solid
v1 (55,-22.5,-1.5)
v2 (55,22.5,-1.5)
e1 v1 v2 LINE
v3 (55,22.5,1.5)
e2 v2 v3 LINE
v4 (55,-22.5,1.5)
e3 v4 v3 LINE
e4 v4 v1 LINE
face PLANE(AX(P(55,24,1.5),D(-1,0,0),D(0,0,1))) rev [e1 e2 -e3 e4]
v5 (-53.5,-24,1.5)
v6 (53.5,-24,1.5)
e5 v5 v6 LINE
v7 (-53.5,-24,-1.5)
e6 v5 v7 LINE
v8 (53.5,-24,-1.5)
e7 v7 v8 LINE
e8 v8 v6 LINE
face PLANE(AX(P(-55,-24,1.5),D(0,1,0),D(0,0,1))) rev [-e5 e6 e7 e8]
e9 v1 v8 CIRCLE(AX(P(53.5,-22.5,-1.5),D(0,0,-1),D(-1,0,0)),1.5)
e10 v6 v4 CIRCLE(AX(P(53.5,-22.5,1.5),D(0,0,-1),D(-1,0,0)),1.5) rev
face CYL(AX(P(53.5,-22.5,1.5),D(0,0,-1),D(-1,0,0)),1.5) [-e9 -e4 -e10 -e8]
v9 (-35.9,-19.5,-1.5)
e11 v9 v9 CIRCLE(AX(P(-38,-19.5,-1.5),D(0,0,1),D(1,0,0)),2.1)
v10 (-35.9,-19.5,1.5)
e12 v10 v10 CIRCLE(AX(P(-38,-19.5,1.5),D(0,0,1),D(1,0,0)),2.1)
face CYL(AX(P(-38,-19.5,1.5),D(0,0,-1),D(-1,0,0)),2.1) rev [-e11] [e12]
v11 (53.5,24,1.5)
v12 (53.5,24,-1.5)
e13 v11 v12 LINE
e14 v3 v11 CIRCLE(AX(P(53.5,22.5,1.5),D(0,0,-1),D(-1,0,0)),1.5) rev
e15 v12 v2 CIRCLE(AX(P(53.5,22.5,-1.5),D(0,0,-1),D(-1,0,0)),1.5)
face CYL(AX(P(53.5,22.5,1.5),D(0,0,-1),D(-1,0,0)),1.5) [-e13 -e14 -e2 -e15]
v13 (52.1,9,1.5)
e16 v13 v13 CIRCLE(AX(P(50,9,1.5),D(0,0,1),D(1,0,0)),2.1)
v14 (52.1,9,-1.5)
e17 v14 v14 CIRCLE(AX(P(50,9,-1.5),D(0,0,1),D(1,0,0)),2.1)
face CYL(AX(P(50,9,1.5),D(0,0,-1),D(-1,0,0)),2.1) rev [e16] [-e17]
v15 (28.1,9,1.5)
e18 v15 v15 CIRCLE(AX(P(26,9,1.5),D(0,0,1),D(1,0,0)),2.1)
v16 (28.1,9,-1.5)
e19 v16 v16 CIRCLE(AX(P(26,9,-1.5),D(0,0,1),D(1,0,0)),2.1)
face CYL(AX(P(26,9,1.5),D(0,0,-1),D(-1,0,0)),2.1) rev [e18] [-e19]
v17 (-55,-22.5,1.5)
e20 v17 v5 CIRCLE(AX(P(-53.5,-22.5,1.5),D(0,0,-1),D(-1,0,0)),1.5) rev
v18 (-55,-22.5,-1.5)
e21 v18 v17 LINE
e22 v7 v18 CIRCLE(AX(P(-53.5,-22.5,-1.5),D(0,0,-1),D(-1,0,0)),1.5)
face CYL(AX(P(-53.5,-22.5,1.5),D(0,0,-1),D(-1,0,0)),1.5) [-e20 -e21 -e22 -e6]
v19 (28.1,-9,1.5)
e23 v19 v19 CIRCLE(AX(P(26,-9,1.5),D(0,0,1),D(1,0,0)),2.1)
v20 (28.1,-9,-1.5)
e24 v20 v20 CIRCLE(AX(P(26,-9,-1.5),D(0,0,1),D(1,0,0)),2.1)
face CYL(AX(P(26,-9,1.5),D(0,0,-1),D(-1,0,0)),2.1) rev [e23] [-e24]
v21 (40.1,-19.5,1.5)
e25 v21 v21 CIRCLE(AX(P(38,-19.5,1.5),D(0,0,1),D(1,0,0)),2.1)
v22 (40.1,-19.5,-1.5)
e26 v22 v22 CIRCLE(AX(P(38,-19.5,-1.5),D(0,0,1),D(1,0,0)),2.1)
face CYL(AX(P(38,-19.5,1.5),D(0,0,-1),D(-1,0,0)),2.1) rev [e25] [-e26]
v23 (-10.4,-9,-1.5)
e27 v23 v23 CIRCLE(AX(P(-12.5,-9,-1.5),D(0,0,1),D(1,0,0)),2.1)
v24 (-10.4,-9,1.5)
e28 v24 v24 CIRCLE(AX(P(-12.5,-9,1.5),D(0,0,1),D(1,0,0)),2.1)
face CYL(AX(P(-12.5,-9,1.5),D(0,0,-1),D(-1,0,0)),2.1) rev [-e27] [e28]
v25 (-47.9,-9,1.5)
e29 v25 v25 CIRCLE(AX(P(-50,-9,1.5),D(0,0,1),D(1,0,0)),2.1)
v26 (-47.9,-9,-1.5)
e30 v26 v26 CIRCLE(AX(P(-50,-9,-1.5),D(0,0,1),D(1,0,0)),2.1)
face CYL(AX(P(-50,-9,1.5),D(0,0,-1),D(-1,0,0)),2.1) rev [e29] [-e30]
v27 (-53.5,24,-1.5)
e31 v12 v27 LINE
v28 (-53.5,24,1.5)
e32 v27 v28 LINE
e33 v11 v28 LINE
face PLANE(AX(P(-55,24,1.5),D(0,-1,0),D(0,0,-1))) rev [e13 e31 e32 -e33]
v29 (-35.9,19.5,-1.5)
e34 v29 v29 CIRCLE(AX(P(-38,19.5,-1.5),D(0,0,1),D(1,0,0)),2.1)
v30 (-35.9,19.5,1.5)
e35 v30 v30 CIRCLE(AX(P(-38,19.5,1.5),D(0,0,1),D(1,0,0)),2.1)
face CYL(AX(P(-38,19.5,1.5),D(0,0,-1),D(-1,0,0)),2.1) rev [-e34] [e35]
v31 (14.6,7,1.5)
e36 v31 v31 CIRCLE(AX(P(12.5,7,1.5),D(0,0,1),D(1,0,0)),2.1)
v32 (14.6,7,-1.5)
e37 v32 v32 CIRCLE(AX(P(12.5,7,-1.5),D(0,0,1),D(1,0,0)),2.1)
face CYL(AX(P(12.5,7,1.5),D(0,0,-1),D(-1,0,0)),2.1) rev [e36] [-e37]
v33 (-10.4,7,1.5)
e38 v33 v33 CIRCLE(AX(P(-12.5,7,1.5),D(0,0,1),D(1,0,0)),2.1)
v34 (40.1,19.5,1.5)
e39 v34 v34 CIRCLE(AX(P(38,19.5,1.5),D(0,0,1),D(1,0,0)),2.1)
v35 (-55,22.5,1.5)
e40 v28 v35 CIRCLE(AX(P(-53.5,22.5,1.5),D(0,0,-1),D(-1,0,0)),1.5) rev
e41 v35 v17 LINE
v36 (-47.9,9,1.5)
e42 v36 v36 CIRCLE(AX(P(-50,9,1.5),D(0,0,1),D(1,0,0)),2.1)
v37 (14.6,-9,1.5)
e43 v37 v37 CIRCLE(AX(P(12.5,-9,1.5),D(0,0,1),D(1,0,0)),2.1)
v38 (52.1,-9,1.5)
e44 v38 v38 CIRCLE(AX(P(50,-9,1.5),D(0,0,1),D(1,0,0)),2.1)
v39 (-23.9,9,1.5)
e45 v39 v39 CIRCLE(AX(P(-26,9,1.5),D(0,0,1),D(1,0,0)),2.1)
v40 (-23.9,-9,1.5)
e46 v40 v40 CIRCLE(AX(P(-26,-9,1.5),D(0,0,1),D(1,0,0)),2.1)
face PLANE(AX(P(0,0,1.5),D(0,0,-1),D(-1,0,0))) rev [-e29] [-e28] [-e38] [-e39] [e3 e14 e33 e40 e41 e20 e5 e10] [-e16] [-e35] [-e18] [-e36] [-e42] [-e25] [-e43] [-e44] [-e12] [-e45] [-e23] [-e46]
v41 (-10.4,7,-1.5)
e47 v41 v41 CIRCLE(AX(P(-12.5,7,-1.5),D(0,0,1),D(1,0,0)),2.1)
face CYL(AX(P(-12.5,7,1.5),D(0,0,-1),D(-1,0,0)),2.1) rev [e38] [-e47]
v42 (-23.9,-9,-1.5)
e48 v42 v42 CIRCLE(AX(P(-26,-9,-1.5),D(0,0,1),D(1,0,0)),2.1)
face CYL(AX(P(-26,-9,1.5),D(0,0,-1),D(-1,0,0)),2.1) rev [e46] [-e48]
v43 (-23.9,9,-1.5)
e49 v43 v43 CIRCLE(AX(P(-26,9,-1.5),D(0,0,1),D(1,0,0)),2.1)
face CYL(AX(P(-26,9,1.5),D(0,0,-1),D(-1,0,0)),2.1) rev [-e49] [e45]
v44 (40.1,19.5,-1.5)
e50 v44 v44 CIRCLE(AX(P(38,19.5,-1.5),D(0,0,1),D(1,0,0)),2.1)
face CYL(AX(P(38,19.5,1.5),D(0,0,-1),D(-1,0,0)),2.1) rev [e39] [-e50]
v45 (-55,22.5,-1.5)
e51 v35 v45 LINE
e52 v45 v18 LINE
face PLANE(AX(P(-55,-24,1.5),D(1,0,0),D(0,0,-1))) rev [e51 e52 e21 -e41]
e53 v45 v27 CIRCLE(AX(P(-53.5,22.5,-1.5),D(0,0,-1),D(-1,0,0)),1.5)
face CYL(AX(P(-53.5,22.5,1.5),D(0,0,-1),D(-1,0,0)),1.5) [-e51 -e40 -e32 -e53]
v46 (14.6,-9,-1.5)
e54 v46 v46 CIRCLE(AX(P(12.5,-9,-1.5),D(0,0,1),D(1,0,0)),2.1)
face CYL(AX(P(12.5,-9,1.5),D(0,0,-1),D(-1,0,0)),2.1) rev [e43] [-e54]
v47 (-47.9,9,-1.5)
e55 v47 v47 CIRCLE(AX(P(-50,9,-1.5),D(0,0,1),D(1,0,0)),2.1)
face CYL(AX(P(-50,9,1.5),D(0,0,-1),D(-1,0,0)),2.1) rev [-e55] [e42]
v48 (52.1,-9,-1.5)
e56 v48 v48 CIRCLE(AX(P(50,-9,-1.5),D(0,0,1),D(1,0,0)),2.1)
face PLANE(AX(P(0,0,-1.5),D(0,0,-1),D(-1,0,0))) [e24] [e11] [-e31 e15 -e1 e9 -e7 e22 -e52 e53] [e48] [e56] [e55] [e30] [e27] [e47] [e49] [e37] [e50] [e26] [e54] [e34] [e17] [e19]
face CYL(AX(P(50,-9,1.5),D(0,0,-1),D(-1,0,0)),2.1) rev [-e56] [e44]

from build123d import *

# Parameters (mm, degrees)
SKETCH1_W           = 110
SKETCH1_H           = 48
SKETCH1_R           = 2.1
BOSS_EXTRUDE1_DEPTH = 1.5
FILLET1_R           = 1.5


with BuildPart() as part:
    # Sketch1 → Boss-Extrude1 (new body, symmetric)
    with BuildSketch(Plane.XY):
        Rectangle(SKETCH1_W, SKETCH1_H)
        with Locations((50, 9)):
            Circle(SKETCH1_R, mode=Mode.SUBTRACT)
        with Locations((26, 9)):
            Circle(SKETCH1_R, mode=Mode.SUBTRACT)
        with Locations((50, -9)):
            Circle(SKETCH1_R, mode=Mode.SUBTRACT)
        with Locations((26, -9)):
            Circle(SKETCH1_R, mode=Mode.SUBTRACT)
        with Locations((-50, 9)):
            Circle(SKETCH1_R, mode=Mode.SUBTRACT)
        with Locations((-26, 9)):
            Circle(SKETCH1_R, mode=Mode.SUBTRACT)
        with Locations((-50, -9)):
            Circle(SKETCH1_R, mode=Mode.SUBTRACT)
        with Locations((-26, -9)):
            Circle(SKETCH1_R, mode=Mode.SUBTRACT)
        with Locations((-38, 19.5)):
            Circle(SKETCH1_R, mode=Mode.SUBTRACT)
        with Locations((-38, -19.5)):
            Circle(SKETCH1_R, mode=Mode.SUBTRACT)
        with Locations((38, 19.5)):
            Circle(SKETCH1_R, mode=Mode.SUBTRACT)
        with Locations((38, -19.5)):
            Circle(SKETCH1_R, mode=Mode.SUBTRACT)
        with Locations((12.5, -9)):
            Circle(SKETCH1_R, mode=Mode.SUBTRACT)
        with Locations((-12.5, -9)):
            Circle(SKETCH1_R, mode=Mode.SUBTRACT)
        with Locations((-12.5, 7)):
            Circle(SKETCH1_R, mode=Mode.SUBTRACT)
        with Locations((12.5, 7)):
            Circle(SKETCH1_R, mode=Mode.SUBTRACT)
    extrude(amount=BOSS_EXTRUDE1_DEPTH, both=True)

    # Fillet1
    fillet1_edges = [part.edges().sort_by_distance(p)[0] for p in [
        (-55, 24, 0),
        (55, 24, 0),
        (55, -24, 0),
        (-55, -24, 0),
    ]]
    fillet(fillet1_edges, radius=FILLET1_R)


solid = part.part
